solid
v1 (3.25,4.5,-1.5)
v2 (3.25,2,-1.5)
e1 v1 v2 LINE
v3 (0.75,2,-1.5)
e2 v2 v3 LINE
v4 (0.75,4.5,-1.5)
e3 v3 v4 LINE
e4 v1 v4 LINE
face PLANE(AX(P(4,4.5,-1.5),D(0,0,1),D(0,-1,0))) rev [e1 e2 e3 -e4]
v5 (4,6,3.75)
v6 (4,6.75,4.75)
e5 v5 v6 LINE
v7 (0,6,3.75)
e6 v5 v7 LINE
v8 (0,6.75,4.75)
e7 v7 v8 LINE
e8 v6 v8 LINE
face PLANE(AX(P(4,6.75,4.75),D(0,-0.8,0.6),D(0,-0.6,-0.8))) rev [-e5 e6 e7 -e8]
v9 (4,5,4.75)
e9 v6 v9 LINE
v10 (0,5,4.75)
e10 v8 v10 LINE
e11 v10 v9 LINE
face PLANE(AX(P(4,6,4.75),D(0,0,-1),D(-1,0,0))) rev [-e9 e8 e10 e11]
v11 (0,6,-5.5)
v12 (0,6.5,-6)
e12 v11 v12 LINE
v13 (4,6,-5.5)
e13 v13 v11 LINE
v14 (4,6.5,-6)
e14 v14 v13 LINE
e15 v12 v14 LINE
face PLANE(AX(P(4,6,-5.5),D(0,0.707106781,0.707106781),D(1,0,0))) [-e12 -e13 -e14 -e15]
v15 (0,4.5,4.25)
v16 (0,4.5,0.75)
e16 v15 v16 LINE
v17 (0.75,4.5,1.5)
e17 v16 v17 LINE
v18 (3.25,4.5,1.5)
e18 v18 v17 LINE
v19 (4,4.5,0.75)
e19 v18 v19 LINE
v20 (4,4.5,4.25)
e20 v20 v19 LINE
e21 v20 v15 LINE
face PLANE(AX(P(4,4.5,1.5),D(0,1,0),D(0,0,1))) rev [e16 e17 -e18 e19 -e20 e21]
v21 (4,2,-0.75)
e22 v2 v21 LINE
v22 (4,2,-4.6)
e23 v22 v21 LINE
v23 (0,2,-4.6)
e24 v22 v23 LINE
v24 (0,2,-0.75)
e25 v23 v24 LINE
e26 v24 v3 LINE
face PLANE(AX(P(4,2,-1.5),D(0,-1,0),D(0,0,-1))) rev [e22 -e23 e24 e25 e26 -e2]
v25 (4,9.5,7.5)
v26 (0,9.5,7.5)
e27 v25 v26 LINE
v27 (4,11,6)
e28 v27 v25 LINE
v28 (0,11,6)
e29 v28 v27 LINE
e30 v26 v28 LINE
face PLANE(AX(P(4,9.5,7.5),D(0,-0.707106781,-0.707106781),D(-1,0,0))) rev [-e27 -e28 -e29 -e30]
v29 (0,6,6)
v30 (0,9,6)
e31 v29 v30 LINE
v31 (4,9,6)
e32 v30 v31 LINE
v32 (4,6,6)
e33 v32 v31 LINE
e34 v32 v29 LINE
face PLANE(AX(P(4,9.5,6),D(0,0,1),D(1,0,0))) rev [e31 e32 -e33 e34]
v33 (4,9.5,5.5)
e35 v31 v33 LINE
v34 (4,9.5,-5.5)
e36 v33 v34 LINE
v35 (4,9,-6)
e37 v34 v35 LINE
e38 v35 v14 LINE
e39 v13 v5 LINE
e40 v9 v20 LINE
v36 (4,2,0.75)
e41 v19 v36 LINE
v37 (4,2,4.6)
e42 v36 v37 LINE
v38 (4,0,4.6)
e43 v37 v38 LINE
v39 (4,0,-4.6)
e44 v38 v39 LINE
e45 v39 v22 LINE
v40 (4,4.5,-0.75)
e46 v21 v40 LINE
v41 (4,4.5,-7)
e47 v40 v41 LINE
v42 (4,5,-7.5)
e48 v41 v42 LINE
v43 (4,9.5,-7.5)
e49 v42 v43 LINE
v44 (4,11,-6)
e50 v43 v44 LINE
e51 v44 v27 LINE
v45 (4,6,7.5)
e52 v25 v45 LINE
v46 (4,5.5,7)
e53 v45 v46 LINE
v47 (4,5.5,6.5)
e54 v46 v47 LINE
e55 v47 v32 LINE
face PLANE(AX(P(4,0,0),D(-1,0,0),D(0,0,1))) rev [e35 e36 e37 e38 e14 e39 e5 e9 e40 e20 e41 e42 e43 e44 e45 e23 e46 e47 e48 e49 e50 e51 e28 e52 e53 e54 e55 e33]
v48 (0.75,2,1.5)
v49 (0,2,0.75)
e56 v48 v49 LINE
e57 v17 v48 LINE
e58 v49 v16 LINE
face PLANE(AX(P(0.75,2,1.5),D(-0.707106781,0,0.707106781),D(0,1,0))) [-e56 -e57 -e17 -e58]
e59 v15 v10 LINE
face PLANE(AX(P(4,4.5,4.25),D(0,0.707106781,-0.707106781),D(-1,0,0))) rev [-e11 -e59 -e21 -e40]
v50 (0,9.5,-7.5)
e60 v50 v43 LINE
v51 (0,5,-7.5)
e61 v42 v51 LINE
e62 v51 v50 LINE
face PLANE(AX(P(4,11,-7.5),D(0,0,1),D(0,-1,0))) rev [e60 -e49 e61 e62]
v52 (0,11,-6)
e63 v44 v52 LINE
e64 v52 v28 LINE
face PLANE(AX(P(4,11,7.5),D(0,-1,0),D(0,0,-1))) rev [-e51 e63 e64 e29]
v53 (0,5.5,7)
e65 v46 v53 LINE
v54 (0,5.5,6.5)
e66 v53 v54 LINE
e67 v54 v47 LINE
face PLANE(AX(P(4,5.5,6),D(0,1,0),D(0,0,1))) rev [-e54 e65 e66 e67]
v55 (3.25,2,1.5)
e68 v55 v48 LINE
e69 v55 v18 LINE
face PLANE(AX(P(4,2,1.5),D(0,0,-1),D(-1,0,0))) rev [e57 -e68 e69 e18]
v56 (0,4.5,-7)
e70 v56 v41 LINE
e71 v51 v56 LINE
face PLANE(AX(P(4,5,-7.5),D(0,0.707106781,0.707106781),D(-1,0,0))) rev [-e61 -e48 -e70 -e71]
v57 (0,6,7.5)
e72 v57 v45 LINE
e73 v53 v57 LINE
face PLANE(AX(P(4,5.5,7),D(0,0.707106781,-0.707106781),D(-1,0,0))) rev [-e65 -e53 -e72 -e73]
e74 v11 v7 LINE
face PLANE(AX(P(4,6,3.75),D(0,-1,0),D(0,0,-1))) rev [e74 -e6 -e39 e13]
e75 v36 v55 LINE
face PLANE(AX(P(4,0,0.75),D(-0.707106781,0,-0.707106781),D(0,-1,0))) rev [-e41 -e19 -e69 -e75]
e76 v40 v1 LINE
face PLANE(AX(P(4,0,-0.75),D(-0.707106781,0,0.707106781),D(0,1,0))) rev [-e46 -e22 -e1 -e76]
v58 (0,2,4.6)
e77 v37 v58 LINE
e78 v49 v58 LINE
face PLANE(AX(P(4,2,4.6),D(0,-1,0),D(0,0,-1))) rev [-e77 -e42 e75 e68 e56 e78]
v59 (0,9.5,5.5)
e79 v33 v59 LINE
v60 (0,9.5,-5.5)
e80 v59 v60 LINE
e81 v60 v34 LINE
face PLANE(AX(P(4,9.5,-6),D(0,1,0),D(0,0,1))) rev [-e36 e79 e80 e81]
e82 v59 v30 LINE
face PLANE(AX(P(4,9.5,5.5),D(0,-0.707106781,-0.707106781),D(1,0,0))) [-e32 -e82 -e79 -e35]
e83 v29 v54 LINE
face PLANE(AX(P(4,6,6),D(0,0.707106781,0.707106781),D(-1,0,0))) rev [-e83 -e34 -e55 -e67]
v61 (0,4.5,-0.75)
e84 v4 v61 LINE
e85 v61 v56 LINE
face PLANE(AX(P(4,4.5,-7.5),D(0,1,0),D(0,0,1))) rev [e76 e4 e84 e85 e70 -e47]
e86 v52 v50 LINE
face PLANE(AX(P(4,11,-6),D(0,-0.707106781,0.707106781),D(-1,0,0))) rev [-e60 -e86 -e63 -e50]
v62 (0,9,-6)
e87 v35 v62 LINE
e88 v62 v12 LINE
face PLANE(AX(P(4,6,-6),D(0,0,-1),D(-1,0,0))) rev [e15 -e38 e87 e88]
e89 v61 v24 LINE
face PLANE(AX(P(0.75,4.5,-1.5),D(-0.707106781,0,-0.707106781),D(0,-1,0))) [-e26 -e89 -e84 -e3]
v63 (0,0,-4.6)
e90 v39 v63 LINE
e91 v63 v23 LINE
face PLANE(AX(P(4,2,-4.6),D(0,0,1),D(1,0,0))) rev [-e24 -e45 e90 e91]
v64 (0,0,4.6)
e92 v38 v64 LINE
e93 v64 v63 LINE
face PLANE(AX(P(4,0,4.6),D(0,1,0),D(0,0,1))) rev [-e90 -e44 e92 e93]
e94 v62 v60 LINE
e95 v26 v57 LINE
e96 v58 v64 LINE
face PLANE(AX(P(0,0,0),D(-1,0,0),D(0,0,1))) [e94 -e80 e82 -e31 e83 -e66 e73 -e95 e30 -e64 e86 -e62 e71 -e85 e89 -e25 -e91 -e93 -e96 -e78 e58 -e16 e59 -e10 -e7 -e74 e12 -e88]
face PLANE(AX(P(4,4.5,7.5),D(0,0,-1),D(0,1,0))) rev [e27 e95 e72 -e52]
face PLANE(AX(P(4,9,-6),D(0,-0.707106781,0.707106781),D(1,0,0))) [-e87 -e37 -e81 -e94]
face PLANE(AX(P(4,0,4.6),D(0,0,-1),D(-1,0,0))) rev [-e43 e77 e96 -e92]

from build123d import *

# Parameters (mm, degrees)
BOSS_EXTRUDE1_DEPTH = 4
CHAMFER1_SIZE       = 0.75
SKETCH2_W           = 1.5
SKETCH2_H           = 1
CUT_EXTRUDE1_DEPTH  = 14.901438774
CHAMFER2_SIZE       = 1.5
CHAMFER3_SIZE       = 0.5


with BuildPart() as part:
    # Sketch1 → Boss-Extrude1 (new body)
    with BuildSketch(Plane(origin=(0, 0, 0), x_dir=(0, 0, -1), z_dir=(1, 0, 0))):
        Polygon((-4.6, 0), (4.6, 0), (4.6, 2), (1.5, 2), (1.5, 4.5), (7.5, 4.5), (7.5, 11), (-7.5, 11), (-7.5, 4.5), (-6, 4.5), (-6, 6), (-6, 9.5), (6, 9.5), (6, 6), (-3.75, 6), (-4.75, 6.75), (-4.75, 6), (-4.75, 4.5), (-1.5, 4.5), (-1.5, 2), (-4.6, 2), align=None)
    extrude(amount=BOSS_EXTRUDE1_DEPTH)

    # Chamfer1
    chamfer1_edges = [part.edges().sort_by_distance(p)[0] for p in [
        (0, 3.25, 1.5),
        (0, 3.25, -1.5),
        (4, 3.25, 1.5),
        (4, 3.25, -1.5),
    ]]
    chamfer(chamfer1_edges, length=CHAMFER1_SIZE)

    # Sketch2 → Cut-Extrude1 (cut, through all)
    with BuildSketch(Plane.ZY):
        with Locations((6.75, 5)):
            Rectangle(SKETCH2_W, SKETCH2_H)
    extrude(amount=-CUT_EXTRUDE1_DEPTH, mode=Mode.SUBTRACT)

    # Chamfer2
    chamfer2_edges = [part.edges().sort_by_distance(p)[0] for p in [
        (2, 11, 7.5),
        (2, 11, -7.5),
    ]]
    chamfer(chamfer2_edges, length=CHAMFER2_SIZE)

    # Chamfer3
    chamfer3_edges = [part.edges().sort_by_distance(p)[0] for p in [
        (2, 5.5, 6),
        (2, 5.5, 7.5),
        (2, 4.5, 4.75),
        (2, 6, -6),
        (2, 9.5, -6),
        (2, 9.5, 6),
        (2, 4.5, -7.5),
    ]]
    chamfer(chamfer3_edges, length=CHAMFER3_SIZE)


solid = part.part
